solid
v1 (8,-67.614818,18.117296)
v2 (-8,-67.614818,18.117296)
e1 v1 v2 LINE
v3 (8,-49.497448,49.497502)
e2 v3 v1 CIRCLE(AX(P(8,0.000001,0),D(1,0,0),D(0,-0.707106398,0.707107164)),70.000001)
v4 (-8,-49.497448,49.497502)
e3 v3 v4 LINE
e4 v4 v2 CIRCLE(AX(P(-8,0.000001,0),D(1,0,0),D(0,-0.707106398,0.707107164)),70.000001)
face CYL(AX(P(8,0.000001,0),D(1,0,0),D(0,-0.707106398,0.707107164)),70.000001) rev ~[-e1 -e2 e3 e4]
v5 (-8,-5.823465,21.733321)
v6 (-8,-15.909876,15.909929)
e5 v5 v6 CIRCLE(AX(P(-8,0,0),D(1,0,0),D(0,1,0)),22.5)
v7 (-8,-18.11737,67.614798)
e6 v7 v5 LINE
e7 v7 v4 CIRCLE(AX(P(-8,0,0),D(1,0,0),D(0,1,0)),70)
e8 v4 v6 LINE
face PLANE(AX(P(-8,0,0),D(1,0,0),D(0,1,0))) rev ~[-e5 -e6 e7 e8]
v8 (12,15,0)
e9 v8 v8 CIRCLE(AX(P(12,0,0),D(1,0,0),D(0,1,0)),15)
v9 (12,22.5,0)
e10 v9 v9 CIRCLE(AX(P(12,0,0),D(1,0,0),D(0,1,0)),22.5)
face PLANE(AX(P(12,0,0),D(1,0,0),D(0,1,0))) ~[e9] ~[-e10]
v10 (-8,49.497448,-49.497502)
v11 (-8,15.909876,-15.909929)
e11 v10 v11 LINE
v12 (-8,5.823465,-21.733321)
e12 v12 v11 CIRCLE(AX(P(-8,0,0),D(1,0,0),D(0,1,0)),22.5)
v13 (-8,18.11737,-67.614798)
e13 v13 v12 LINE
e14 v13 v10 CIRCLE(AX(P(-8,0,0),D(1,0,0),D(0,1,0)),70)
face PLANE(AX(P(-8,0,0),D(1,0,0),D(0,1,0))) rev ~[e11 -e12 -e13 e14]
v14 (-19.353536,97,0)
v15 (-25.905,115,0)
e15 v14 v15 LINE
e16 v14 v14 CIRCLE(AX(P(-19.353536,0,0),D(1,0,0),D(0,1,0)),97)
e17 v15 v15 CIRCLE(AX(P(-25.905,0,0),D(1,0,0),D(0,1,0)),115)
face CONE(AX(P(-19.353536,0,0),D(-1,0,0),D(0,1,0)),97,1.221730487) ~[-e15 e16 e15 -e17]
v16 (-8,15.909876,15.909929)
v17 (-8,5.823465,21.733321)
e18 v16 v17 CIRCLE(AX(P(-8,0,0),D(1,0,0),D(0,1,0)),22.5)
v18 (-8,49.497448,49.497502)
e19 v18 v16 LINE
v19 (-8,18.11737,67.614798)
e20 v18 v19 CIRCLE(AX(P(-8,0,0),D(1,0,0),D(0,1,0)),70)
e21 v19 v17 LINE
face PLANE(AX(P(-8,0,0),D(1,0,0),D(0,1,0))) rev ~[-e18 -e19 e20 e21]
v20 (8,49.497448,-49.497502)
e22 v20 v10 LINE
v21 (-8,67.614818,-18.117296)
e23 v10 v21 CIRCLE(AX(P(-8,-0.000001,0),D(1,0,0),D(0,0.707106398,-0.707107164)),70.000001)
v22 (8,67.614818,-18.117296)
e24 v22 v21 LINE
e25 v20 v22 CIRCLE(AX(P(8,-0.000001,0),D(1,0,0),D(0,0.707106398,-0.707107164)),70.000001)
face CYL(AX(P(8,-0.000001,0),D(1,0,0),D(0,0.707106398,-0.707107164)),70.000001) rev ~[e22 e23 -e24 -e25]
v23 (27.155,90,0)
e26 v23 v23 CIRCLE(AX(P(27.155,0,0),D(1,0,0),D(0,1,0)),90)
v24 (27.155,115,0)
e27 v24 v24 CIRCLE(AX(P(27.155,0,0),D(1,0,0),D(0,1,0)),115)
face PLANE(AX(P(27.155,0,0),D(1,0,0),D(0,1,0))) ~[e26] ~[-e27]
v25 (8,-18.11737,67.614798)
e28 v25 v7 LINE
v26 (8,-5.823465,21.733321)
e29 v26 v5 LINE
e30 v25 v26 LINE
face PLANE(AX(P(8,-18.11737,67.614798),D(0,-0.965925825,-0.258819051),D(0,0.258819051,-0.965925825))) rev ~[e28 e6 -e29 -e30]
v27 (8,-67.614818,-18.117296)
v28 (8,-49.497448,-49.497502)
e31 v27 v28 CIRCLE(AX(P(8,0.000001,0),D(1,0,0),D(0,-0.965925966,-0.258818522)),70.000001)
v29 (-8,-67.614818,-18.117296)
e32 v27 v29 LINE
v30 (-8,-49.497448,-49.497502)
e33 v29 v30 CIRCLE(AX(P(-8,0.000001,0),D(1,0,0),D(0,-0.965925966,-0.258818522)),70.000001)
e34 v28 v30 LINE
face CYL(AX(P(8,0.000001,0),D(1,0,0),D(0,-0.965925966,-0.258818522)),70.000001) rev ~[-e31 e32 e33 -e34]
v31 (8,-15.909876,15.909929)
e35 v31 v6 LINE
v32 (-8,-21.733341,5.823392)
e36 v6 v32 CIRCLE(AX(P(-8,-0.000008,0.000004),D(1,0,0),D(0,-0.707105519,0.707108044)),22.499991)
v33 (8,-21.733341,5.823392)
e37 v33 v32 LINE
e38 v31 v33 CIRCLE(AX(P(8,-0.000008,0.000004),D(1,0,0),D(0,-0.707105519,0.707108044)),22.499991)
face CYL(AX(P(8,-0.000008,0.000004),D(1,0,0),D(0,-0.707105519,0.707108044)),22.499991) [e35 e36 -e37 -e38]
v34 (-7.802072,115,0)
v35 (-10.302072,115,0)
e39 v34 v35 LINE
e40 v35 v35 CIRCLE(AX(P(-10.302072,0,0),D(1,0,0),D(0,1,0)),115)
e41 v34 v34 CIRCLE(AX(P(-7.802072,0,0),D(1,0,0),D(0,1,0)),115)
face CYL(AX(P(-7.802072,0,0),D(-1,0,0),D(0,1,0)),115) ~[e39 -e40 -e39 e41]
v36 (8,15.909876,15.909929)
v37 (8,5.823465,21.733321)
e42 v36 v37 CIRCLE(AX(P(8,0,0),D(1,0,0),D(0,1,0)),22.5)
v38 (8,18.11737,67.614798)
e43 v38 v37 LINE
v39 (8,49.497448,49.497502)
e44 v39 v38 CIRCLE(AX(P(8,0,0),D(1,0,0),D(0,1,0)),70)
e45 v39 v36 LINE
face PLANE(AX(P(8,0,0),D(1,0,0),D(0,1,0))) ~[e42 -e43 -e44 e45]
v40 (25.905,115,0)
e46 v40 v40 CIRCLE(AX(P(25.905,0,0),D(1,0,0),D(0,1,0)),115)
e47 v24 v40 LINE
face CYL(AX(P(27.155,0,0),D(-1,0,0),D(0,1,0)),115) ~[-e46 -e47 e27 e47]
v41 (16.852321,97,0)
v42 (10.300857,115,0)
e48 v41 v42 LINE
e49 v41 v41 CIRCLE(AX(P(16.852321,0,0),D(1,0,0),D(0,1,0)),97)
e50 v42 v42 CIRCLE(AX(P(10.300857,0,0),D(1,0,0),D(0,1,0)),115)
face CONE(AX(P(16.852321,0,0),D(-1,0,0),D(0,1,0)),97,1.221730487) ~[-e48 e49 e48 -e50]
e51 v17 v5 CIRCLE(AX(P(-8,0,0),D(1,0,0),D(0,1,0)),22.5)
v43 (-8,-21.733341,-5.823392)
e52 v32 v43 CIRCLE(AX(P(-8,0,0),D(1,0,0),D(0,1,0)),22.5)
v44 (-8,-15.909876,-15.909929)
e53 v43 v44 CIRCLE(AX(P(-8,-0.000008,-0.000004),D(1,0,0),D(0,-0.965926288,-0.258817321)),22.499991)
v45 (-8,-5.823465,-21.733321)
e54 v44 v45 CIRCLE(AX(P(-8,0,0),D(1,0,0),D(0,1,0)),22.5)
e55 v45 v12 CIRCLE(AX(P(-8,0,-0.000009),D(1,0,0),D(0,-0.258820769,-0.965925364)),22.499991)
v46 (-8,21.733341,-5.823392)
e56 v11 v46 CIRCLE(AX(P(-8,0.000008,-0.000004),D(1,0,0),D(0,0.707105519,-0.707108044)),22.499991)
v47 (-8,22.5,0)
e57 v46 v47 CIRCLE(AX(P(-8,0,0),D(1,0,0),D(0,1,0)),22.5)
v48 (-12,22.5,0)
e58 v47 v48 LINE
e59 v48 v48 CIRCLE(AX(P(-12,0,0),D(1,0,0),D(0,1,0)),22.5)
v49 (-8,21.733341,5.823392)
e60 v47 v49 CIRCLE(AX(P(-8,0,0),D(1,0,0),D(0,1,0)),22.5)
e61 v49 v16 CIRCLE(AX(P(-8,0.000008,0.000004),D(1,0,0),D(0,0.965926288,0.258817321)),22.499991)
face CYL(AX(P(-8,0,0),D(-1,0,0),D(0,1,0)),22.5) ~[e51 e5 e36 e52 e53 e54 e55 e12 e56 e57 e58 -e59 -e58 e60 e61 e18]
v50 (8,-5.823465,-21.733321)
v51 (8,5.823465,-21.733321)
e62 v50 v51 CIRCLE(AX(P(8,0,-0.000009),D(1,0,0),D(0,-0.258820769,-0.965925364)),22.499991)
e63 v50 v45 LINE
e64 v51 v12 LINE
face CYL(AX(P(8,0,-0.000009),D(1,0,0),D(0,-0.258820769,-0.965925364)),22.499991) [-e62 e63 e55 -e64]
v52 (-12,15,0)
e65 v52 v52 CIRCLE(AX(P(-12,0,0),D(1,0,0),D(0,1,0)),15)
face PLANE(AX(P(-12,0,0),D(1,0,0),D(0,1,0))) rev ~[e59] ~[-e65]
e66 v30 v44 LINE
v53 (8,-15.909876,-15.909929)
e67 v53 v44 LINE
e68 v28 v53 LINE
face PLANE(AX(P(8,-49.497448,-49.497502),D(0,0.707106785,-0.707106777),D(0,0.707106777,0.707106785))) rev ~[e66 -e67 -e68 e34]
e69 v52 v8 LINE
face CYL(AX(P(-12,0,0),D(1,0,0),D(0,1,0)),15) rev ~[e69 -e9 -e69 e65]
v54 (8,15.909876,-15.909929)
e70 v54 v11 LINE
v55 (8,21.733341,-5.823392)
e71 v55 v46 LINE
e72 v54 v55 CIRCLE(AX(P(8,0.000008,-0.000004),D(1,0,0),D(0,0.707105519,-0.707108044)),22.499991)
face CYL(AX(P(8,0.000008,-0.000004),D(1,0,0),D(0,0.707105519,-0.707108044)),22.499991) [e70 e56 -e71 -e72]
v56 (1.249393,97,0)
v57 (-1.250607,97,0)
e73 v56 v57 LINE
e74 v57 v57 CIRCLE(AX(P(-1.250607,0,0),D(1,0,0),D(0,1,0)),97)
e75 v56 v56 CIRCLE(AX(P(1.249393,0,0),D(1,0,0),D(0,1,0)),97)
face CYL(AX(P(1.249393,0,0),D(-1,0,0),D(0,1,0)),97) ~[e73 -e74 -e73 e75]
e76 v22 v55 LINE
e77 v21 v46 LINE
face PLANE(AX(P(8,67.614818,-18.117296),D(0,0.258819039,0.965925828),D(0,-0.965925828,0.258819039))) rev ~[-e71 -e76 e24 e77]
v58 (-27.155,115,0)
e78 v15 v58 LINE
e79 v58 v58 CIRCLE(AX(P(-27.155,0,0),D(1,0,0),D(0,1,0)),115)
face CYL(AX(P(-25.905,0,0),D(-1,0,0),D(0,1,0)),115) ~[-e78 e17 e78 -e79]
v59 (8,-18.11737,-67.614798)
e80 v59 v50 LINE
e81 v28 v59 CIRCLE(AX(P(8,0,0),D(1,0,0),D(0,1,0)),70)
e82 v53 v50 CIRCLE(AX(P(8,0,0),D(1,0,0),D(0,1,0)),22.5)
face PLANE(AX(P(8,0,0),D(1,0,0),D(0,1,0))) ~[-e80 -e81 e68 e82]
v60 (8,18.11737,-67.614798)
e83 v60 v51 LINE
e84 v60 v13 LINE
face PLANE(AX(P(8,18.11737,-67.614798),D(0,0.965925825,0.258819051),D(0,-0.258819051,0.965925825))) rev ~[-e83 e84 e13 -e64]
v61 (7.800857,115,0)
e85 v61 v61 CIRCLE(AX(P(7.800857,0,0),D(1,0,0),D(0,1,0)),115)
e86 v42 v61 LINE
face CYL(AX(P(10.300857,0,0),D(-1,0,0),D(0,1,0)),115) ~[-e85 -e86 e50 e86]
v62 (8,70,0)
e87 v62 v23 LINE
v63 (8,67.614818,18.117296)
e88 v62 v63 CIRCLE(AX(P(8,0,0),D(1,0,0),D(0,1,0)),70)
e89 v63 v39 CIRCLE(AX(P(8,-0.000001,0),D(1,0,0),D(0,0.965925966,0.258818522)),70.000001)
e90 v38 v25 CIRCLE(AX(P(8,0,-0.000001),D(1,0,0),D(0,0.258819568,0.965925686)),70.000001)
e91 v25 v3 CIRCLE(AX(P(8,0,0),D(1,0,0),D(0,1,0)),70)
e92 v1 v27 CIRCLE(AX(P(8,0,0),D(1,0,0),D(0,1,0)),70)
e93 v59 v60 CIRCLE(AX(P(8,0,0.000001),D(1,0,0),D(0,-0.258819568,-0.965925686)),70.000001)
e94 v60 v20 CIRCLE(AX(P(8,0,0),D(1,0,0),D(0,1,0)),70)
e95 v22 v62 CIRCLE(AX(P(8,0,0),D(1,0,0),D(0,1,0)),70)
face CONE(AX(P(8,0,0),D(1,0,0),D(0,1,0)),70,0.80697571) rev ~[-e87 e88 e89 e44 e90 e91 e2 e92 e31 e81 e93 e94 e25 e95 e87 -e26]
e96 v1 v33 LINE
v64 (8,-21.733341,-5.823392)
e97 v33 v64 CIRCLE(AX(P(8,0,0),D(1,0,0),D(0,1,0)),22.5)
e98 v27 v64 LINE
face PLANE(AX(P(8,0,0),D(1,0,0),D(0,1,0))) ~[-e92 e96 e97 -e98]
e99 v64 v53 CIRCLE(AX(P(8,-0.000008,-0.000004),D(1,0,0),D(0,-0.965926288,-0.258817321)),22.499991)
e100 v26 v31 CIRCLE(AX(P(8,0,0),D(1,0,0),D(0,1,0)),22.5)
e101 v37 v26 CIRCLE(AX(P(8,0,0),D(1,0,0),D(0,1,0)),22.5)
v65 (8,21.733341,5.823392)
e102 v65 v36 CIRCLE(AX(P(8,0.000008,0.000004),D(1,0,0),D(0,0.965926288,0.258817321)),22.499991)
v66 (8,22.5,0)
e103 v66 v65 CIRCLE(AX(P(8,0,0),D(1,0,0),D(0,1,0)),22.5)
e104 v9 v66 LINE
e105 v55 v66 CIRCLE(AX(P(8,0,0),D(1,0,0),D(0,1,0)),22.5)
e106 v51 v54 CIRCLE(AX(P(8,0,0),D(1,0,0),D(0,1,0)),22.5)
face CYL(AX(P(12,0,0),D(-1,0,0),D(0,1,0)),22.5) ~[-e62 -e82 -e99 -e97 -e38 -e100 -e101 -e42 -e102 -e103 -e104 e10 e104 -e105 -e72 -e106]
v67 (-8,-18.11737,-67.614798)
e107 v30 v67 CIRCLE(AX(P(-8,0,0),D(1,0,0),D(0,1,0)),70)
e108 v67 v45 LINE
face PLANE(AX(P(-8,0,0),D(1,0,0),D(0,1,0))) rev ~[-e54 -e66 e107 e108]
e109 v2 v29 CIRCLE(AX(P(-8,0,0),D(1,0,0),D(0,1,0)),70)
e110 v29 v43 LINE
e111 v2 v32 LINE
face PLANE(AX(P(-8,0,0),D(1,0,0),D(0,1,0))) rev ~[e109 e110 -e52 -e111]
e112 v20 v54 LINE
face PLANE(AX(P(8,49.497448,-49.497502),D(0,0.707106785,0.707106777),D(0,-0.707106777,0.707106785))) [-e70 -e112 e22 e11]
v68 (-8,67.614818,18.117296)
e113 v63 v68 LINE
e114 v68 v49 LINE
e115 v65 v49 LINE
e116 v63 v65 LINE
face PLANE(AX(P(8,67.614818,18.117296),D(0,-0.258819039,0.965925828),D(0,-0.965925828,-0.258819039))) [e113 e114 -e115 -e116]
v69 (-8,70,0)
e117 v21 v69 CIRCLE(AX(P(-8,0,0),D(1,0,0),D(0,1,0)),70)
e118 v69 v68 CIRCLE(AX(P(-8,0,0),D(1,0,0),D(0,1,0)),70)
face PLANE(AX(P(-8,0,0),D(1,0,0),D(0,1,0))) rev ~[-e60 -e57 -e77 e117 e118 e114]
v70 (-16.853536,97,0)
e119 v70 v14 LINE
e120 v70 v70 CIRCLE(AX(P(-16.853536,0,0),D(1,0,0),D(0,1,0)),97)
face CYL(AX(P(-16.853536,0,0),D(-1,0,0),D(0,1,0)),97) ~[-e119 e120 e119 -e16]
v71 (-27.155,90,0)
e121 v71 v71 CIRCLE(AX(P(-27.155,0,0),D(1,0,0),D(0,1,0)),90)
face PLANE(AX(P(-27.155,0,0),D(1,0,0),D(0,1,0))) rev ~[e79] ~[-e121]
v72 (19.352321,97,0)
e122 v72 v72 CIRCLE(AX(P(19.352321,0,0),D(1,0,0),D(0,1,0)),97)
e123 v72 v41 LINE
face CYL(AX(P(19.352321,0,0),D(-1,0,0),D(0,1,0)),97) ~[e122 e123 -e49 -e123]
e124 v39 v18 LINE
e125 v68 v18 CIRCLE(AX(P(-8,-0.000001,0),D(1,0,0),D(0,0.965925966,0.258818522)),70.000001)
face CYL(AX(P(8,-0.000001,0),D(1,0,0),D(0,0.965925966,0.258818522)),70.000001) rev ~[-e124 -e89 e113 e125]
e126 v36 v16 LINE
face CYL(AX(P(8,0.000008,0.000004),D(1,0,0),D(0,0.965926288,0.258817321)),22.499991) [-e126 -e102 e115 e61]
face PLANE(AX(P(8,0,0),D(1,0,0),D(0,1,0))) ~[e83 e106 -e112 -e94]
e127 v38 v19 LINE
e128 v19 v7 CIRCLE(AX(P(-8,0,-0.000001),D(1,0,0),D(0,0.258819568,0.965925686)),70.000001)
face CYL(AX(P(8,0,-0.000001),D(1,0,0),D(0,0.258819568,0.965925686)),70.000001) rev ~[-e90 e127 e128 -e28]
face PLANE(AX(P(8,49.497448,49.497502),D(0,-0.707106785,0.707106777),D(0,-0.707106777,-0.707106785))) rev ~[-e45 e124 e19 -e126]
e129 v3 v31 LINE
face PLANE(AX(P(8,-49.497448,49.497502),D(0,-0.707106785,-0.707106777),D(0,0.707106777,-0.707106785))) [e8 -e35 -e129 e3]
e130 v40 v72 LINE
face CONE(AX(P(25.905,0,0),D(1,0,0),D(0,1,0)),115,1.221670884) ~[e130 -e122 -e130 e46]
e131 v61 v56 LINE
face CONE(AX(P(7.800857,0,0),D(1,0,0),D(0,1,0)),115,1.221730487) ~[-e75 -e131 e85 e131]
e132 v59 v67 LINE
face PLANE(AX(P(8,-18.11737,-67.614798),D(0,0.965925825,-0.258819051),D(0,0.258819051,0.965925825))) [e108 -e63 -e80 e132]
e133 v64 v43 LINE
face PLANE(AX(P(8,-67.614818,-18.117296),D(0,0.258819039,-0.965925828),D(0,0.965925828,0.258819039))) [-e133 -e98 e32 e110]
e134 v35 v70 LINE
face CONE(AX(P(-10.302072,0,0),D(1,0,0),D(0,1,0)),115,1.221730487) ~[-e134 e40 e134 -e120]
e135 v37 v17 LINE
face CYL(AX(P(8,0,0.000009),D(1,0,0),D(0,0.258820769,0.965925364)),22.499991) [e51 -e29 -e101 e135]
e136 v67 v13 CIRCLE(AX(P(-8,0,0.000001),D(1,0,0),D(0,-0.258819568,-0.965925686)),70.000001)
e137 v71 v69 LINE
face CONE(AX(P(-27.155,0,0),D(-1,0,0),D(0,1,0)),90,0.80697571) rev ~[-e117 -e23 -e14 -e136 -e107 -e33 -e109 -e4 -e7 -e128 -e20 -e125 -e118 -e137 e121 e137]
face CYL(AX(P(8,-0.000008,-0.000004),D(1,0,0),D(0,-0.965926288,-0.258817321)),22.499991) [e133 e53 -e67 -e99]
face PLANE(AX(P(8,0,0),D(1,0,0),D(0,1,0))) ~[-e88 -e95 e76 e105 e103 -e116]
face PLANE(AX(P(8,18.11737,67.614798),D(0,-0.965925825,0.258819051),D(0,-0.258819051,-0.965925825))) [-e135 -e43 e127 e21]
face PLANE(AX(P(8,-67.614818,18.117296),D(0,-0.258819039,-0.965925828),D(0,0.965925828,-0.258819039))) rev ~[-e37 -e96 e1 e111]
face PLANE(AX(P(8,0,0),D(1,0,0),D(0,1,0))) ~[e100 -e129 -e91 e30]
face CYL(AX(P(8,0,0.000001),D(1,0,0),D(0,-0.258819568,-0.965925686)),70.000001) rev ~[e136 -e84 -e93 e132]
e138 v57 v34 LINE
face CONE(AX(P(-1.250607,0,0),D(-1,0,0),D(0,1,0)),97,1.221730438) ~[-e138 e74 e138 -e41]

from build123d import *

# Parameters (mm, degrees)
POCKET_DEPTH       = 16
POLARPATTERN_COUNT = 6


with BuildPart() as part:
    # Sketch → Revolution (revolve)
    with BuildSketch(Plane.XY):
        Polygon((-12, 15), (12, 15), (12, 22.5), (8, 22.5), (8, 70), (27.155, 90), (27.155, 115), (25.905, 115), (19.352321, 97), (16.852321, 97), (10.300857, 115), (7.800857, 115), (1.249393, 97), (-1.250607, 97), (-7.802072, 115), (-10.302072, 115), (-16.853536, 97), (-19.353536, 97), (-25.905, 115), (-27.155, 115), (-27.155, 90), (-8, 70), (-8, 22.5), (-12, 22.5), align=None)
    revolve(axis=Axis((0, 0, 0), (1, 0, 0)))

    # Sketch001 (on Face7 of Revolution) → Pocket (cut)
    with BuildSketch(Plane.YZ.offset(8)):
        with BuildLine():
            ThreePointArc((5.823465, 21.733321), (0, 22.5), (-5.823465, 21.733321))
            Line((-18.11737, 67.614798), (-5.823465, 21.733321))
            ThreePointArc((18.11737, 67.614798), (0, 70), (-18.11737, 67.614798))
            Line((18.11737, 67.614798), (5.823465, 21.733321))
        make_face()
    pocket = extrude(amount=-POCKET_DEPTH, mode=Mode.SUBTRACT)

    # PolarPattern: Pocket ×6 about axis
    polarpattern_axis = Axis((8, 0, 0), (1, 0, 0))
    for i in range(1, POLARPATTERN_COUNT):
        add(pocket.rotate(polarpattern_axis, i * 360 / POLARPATTERN_COUNT), mode=Mode.SUBTRACT)


solid = part.part
